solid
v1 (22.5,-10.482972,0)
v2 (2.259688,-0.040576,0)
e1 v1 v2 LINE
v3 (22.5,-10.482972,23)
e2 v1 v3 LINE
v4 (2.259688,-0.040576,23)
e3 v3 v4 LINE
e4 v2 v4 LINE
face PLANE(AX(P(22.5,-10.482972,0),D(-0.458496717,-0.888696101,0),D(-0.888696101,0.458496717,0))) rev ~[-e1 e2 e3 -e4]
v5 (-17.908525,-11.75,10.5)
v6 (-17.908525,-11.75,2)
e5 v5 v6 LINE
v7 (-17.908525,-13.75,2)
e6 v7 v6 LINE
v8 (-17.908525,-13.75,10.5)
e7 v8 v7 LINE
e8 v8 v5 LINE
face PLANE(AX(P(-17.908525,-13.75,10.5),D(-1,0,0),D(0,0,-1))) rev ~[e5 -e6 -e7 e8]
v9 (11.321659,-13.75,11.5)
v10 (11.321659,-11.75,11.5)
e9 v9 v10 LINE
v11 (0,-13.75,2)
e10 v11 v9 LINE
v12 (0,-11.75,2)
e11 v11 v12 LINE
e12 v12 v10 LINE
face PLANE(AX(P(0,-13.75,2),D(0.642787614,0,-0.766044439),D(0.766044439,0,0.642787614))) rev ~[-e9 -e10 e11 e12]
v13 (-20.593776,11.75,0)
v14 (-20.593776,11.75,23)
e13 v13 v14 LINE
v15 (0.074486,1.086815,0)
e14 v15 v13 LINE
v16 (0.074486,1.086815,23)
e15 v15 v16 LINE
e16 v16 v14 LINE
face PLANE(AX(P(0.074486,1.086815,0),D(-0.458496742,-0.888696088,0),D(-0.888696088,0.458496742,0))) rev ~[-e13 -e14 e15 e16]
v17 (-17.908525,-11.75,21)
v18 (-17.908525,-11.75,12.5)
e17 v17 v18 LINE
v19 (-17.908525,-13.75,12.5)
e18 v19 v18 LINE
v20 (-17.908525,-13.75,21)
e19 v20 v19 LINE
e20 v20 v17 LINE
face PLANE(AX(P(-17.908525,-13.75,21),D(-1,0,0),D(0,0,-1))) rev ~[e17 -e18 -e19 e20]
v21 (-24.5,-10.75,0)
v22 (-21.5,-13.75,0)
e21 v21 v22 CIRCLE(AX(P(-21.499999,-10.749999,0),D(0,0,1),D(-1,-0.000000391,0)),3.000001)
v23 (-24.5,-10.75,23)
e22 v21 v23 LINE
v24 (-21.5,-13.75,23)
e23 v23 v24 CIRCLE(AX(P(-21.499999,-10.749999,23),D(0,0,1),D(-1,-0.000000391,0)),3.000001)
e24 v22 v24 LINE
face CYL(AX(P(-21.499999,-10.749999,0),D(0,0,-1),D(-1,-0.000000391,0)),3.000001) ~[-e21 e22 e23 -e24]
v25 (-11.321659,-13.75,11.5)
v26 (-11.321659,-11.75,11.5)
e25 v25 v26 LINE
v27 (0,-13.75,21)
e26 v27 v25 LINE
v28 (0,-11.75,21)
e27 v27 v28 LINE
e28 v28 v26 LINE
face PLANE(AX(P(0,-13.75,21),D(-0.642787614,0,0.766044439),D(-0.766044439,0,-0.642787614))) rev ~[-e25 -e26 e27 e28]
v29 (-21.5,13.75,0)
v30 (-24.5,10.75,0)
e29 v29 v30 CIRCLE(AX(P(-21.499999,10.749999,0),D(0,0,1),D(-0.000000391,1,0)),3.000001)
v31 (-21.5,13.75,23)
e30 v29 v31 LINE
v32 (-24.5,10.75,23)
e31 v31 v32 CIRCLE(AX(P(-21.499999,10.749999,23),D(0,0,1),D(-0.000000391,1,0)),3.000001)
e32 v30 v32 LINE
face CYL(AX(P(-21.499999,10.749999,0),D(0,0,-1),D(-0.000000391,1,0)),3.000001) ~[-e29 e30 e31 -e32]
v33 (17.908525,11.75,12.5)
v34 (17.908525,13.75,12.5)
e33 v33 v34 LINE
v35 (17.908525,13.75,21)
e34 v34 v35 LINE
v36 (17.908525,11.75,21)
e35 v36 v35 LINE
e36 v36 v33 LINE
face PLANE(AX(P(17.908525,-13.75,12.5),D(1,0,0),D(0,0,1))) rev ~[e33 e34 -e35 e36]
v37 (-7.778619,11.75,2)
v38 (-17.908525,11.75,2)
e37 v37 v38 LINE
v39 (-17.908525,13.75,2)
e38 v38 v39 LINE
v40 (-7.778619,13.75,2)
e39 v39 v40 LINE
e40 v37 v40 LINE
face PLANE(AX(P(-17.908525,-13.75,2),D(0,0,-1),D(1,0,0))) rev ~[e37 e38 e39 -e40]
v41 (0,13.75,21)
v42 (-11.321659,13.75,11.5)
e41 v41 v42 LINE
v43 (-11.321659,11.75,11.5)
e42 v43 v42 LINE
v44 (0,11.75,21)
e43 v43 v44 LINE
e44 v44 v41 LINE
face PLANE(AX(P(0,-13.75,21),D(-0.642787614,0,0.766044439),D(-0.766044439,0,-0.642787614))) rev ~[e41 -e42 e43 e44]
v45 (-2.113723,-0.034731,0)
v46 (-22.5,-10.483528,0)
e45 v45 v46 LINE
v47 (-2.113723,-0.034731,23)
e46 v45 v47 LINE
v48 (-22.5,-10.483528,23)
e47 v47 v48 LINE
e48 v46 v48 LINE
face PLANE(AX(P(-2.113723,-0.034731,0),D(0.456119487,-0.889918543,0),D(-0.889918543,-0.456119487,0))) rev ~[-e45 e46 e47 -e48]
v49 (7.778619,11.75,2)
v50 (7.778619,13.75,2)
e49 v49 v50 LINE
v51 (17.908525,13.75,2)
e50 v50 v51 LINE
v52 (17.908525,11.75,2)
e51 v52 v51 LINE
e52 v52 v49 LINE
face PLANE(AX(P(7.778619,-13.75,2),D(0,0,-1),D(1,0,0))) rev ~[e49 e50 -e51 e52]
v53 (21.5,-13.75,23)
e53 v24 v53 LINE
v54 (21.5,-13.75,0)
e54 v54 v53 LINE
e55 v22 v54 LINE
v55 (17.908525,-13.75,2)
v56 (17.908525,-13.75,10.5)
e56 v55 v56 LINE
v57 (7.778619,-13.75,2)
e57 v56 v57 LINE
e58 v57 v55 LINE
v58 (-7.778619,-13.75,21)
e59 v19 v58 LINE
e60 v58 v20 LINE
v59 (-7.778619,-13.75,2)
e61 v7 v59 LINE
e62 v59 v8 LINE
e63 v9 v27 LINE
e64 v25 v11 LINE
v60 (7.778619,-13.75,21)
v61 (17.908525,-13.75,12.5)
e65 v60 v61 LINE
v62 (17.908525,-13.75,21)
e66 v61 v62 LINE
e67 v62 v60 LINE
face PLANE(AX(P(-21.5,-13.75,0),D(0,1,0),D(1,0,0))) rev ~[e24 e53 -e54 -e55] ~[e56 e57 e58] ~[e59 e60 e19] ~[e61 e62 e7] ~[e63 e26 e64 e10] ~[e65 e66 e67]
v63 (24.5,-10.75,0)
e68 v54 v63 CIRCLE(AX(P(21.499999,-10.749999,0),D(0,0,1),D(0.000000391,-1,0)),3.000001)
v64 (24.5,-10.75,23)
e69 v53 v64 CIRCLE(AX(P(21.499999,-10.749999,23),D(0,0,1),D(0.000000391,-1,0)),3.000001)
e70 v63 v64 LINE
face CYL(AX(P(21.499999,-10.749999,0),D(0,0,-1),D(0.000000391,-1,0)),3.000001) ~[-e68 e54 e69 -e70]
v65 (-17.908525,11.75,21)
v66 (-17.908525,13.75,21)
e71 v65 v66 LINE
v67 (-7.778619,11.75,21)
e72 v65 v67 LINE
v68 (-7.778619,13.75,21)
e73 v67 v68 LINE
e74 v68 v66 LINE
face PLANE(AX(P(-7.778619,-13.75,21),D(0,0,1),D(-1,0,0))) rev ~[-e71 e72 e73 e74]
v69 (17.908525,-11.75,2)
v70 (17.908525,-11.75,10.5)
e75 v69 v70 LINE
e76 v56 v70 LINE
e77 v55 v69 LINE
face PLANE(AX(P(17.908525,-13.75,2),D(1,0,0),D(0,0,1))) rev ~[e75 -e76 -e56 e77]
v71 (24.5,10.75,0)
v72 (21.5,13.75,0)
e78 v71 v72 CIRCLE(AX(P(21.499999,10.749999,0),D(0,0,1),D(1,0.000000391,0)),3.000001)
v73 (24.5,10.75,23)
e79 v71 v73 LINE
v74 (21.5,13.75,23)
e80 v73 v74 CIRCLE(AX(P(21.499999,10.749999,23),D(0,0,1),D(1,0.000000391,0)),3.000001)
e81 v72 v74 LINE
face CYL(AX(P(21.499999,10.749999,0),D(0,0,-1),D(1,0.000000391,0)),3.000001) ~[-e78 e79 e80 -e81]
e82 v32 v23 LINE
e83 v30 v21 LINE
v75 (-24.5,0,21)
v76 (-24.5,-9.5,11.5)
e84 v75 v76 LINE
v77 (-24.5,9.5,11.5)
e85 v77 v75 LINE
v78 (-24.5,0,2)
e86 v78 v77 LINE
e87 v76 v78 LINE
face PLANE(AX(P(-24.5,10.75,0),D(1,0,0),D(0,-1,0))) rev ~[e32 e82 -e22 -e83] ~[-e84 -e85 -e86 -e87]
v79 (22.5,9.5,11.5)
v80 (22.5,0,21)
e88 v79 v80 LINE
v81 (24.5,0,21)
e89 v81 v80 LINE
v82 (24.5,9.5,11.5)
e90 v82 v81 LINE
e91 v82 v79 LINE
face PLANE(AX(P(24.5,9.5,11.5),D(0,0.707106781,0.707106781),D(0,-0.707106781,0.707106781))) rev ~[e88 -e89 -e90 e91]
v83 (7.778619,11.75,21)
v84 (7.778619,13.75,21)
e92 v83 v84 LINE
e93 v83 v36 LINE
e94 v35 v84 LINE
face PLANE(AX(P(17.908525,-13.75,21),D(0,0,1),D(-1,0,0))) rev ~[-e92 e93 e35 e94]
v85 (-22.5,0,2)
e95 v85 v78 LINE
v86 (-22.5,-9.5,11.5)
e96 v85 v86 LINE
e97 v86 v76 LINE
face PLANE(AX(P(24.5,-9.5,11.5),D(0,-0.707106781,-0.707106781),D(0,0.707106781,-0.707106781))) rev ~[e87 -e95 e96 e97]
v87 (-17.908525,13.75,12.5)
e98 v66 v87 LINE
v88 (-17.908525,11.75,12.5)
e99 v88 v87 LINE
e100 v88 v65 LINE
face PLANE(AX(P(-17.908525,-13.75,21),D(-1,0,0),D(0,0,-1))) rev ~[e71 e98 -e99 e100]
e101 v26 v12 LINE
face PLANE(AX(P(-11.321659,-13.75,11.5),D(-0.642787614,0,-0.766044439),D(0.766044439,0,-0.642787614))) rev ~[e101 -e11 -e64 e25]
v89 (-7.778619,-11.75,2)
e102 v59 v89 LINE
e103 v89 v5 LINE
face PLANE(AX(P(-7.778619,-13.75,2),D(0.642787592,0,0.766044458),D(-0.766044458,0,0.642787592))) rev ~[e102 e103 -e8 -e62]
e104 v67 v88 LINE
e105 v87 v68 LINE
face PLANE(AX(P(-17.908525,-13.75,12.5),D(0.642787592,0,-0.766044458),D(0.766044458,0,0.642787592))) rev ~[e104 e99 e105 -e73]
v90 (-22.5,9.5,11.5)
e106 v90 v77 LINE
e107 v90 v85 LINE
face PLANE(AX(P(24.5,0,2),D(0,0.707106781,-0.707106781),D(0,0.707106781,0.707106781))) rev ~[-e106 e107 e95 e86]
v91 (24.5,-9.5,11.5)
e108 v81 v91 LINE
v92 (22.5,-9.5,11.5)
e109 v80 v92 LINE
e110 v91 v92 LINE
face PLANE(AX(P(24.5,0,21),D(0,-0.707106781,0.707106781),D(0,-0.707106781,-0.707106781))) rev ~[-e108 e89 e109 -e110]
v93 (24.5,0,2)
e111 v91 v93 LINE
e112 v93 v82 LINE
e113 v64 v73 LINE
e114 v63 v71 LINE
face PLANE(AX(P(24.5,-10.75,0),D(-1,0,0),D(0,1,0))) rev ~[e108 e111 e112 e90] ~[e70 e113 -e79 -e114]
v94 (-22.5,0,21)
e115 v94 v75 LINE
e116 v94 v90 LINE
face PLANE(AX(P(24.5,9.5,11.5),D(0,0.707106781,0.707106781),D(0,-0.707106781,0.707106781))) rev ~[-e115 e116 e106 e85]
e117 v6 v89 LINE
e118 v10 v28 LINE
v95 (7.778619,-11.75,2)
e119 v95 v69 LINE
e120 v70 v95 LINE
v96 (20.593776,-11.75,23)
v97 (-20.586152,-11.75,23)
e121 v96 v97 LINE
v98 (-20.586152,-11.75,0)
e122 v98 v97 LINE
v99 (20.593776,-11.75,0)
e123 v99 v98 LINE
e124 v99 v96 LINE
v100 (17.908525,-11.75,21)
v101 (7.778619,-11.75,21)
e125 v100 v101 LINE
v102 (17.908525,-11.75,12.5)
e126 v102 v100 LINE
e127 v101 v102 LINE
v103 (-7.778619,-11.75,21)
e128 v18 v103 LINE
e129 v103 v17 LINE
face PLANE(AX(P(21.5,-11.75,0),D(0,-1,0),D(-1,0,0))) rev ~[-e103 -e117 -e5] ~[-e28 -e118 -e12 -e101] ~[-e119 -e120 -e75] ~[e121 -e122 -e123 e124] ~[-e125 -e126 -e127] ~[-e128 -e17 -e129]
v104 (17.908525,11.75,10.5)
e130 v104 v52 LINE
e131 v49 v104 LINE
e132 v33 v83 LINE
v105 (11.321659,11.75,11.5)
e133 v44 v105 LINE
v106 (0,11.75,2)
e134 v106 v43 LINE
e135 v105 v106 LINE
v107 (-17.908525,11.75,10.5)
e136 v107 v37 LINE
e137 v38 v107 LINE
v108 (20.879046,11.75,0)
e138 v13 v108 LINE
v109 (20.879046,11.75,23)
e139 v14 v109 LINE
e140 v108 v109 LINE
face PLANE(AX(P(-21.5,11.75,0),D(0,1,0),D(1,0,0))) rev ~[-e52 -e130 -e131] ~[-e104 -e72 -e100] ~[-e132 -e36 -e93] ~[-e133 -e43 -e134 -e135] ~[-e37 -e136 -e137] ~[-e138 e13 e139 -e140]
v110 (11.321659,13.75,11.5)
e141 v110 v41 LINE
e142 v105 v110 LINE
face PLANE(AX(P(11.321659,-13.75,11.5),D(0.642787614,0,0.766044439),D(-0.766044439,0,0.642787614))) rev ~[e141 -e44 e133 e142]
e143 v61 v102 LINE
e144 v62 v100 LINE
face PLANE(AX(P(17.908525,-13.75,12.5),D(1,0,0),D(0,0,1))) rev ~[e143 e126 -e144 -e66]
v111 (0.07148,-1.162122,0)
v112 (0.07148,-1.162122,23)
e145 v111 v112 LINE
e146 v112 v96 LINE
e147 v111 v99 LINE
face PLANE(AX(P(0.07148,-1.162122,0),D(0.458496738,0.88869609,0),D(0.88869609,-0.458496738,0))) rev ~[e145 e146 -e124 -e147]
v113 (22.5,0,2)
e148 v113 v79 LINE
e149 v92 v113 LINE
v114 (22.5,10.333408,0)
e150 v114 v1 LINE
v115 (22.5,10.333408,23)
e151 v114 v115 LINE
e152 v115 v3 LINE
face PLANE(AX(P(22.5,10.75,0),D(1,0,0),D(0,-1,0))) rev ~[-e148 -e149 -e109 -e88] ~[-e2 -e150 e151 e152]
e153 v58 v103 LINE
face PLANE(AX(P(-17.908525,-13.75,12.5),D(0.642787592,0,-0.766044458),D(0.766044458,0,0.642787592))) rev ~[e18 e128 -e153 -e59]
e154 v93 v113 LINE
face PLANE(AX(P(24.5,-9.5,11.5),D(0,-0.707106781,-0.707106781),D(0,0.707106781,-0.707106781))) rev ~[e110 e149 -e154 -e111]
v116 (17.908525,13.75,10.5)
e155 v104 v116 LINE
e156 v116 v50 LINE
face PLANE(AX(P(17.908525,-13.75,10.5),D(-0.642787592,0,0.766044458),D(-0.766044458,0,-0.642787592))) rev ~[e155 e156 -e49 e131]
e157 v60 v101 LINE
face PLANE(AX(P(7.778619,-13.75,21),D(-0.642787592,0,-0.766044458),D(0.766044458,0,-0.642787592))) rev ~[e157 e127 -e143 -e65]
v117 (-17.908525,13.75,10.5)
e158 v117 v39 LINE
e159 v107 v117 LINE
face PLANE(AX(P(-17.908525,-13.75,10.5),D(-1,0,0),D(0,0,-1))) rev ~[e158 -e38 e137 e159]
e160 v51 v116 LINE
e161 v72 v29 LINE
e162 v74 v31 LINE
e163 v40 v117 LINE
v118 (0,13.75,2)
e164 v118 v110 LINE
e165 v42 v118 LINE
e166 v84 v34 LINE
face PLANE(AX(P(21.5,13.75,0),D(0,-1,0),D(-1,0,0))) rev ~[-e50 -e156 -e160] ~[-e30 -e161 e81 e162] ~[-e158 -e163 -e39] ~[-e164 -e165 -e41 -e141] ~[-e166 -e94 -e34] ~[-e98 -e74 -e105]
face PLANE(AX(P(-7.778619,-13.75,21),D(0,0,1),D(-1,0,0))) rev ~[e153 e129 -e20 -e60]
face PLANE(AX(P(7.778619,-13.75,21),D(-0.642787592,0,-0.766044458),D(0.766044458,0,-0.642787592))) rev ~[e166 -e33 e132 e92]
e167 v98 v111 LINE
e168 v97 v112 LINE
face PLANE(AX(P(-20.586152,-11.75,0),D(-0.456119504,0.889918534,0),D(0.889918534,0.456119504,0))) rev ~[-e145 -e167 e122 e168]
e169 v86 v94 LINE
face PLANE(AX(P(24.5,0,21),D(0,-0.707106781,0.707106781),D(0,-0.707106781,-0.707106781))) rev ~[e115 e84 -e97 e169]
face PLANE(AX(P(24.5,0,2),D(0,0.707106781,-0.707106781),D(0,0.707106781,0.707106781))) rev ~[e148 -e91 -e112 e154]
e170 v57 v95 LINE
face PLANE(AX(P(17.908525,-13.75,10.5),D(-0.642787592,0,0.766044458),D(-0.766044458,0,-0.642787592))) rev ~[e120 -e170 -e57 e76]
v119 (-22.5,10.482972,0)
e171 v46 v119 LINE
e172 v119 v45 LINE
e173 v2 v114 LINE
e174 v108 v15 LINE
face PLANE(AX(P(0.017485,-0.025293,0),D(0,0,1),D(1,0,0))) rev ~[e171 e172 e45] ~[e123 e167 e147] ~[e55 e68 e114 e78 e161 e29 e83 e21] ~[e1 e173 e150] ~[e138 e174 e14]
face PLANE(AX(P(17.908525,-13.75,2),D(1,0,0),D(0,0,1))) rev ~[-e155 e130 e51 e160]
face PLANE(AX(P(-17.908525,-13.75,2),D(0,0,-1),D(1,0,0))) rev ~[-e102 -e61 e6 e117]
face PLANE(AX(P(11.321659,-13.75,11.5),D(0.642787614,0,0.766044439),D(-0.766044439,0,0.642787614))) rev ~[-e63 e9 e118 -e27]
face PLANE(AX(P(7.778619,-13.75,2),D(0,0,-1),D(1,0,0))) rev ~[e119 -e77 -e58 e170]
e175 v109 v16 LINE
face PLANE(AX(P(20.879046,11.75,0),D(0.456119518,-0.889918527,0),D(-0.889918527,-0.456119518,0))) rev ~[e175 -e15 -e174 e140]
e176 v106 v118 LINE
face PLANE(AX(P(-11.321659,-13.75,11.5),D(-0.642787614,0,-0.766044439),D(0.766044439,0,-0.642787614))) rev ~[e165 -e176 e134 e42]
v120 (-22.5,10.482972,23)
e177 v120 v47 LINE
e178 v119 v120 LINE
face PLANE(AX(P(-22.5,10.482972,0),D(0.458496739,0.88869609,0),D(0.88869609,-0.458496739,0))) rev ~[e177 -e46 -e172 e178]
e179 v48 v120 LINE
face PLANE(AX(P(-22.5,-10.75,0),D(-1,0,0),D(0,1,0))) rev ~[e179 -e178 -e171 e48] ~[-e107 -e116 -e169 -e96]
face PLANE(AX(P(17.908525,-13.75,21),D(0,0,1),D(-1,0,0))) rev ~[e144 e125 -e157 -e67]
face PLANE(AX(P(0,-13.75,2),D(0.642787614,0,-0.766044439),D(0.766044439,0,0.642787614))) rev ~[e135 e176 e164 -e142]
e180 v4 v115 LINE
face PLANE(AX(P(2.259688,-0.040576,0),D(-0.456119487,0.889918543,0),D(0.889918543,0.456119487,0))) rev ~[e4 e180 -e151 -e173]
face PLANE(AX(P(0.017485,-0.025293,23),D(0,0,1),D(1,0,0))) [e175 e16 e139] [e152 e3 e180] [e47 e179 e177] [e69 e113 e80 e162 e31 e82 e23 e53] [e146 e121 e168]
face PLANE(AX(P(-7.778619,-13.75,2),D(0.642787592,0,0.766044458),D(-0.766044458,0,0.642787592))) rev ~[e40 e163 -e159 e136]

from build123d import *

# Parameters (mm, degrees)
F1_DEPTH = 23
F3_DEPTH = 40
F5_DEPTH = 60
F6_DEPTH = 23


with BuildPart() as f1:
    # F0 (on Top) → F1 (new body)
    with BuildSketch(Plane.XY):
        with BuildLine():
            ThreePointArc((-24.5, -10.75), (-23.62132, -12.87132), (-21.5, -13.75))
            Line((-21.5, -13.75), (21.5, -13.75))
            ThreePointArc((21.5, -13.75), (23.62132, -12.87132), (24.5, -10.75))
            Line((24.5, -10.75), (24.5, 10.75))
            ThreePointArc((24.5, 10.75), (23.62132, 12.87132), (21.5, 13.75))
            Line((21.5, 13.75), (-21.5, 13.75))
            ThreePointArc((-21.5, 13.75), (-23.62132, 12.87132), (-24.5, 10.75))
            Line((-24.5, 10.75), (-24.5, -10.75))
        make_face()
        with BuildLine():
            ThreePointArc((-21.5, -11.75), (-22.207107, -11.457107), (-22.5, -10.75))
            Line((-22.5, -10.75), (-22.5, -10.483528))
            Line((-22.5, -10.483528), (-22.5, 10.482972))
            Line((-22.5, 10.482972), (-22.5, 10.75))
            ThreePointArc((-22.5, 10.75), (-22.207107, 11.457107), (-21.5, 11.75))
            Line((-21.5, 11.75), (-20.593776, 11.75))
            Line((-20.593776, 11.75), (20.879046, 11.75))
            Line((20.879046, 11.75), (21.5, 11.75))
            ThreePointArc((21.5, 11.75), (22.207107, 11.457107), (22.5, 10.75))
            Line((22.5, 10.75), (22.5, 10.333408))
            Line((22.5, 10.333408), (22.5, -10.482972))
            Line((22.5, -10.482972), (22.5, -10.75))
            ThreePointArc((22.5, -10.75), (22.207107, -11.457107), (21.5, -11.75))
            Line((21.5, -11.75), (20.593776, -11.75))
            Line((20.593776, -11.75), (-20.586152, -11.75))
            Line((-20.586152, -11.75), (-21.5, -11.75))
        make_face(mode=Mode.SUBTRACT)
    extrude(amount=F1_DEPTH)

    # F2 (on face) → F3 (cut)
    with BuildSketch(Plane.XZ.offset(13.75)):
        Polygon((-17.908525, 12.5), (-7.778619, 21), (-17.908525, 21), align=None)
        Polygon((-11.321659, 11.5), (0, 2), (11.321659, 11.5), (0, 21), align=None)
        Polygon((-17.908525, 2), (-7.778619, 2), (-17.908525, 10.5), align=None)
        Polygon((17.908525, 10.5), (7.778619, 2), (17.908525, 2), align=None)
        Polygon((17.908525, 21), (7.778619, 21), (17.908525, 12.5), align=None)
    extrude(amount=-F3_DEPTH, mode=Mode.SUBTRACT)

    # F4 (on face) → F5 (cut)
    with BuildSketch(Plane.YZ.offset(24.5)):
        Polygon((-9.5, 11.5), (0, 2), (9.5, 11.5), (0, 21), align=None)
    extrude(amount=-F5_DEPTH, mode=Mode.SUBTRACT)

    # F0 (on Top) → F6 (join)
    with BuildSketch(Plane.XY):
        with BuildLine():
            Line((-22.5, -10.483528), (-22.5, -10.75))
            ThreePointArc((-22.5, -10.75), (-22.207107, -11.457107), (-21.5, -11.75))
            Line((-21.5, -11.75), (-20.586152, -11.75))
            Line((-20.586152, -11.75), (0.07148, -1.162122))
            Line((0.07148, -1.162122), (20.593776, -11.75))
            Line((20.593776, -11.75), (21.5, -11.75))
            ThreePointArc((21.5, -11.75), (22.207107, -11.457107), (22.5, -10.75))
            Line((22.5, -10.75), (22.5, -10.482972))
            Line((22.5, -10.482972), (2.259688, -0.040576))
            Line((2.259688, -0.040576), (22.5, 10.333408))
            Line((22.5, 10.333408), (22.5, 10.75))
            ThreePointArc((22.5, 10.75), (22.207107, 11.457107), (21.5, 11.75))
            Line((21.5, 11.75), (20.879046, 11.75))
            Line((20.879046, 11.75), (0.074486, 1.086815))
            Line((0.074486, 1.086815), (-20.593776, 11.75))
            Line((-20.593776, 11.75), (-21.5, 11.75))
            ThreePointArc((-21.5, 11.75), (-22.207107, 11.457107), (-22.5, 10.75))
            Line((-22.5, 10.75), (-22.5, 10.482972))
            Line((-22.5, 10.482972), (-2.113723, -0.034731))
            Line((-2.113723, -0.034731), (-22.5, -10.483528))
        make_face()
    extrude(amount=F6_DEPTH)


solid = f1.part
